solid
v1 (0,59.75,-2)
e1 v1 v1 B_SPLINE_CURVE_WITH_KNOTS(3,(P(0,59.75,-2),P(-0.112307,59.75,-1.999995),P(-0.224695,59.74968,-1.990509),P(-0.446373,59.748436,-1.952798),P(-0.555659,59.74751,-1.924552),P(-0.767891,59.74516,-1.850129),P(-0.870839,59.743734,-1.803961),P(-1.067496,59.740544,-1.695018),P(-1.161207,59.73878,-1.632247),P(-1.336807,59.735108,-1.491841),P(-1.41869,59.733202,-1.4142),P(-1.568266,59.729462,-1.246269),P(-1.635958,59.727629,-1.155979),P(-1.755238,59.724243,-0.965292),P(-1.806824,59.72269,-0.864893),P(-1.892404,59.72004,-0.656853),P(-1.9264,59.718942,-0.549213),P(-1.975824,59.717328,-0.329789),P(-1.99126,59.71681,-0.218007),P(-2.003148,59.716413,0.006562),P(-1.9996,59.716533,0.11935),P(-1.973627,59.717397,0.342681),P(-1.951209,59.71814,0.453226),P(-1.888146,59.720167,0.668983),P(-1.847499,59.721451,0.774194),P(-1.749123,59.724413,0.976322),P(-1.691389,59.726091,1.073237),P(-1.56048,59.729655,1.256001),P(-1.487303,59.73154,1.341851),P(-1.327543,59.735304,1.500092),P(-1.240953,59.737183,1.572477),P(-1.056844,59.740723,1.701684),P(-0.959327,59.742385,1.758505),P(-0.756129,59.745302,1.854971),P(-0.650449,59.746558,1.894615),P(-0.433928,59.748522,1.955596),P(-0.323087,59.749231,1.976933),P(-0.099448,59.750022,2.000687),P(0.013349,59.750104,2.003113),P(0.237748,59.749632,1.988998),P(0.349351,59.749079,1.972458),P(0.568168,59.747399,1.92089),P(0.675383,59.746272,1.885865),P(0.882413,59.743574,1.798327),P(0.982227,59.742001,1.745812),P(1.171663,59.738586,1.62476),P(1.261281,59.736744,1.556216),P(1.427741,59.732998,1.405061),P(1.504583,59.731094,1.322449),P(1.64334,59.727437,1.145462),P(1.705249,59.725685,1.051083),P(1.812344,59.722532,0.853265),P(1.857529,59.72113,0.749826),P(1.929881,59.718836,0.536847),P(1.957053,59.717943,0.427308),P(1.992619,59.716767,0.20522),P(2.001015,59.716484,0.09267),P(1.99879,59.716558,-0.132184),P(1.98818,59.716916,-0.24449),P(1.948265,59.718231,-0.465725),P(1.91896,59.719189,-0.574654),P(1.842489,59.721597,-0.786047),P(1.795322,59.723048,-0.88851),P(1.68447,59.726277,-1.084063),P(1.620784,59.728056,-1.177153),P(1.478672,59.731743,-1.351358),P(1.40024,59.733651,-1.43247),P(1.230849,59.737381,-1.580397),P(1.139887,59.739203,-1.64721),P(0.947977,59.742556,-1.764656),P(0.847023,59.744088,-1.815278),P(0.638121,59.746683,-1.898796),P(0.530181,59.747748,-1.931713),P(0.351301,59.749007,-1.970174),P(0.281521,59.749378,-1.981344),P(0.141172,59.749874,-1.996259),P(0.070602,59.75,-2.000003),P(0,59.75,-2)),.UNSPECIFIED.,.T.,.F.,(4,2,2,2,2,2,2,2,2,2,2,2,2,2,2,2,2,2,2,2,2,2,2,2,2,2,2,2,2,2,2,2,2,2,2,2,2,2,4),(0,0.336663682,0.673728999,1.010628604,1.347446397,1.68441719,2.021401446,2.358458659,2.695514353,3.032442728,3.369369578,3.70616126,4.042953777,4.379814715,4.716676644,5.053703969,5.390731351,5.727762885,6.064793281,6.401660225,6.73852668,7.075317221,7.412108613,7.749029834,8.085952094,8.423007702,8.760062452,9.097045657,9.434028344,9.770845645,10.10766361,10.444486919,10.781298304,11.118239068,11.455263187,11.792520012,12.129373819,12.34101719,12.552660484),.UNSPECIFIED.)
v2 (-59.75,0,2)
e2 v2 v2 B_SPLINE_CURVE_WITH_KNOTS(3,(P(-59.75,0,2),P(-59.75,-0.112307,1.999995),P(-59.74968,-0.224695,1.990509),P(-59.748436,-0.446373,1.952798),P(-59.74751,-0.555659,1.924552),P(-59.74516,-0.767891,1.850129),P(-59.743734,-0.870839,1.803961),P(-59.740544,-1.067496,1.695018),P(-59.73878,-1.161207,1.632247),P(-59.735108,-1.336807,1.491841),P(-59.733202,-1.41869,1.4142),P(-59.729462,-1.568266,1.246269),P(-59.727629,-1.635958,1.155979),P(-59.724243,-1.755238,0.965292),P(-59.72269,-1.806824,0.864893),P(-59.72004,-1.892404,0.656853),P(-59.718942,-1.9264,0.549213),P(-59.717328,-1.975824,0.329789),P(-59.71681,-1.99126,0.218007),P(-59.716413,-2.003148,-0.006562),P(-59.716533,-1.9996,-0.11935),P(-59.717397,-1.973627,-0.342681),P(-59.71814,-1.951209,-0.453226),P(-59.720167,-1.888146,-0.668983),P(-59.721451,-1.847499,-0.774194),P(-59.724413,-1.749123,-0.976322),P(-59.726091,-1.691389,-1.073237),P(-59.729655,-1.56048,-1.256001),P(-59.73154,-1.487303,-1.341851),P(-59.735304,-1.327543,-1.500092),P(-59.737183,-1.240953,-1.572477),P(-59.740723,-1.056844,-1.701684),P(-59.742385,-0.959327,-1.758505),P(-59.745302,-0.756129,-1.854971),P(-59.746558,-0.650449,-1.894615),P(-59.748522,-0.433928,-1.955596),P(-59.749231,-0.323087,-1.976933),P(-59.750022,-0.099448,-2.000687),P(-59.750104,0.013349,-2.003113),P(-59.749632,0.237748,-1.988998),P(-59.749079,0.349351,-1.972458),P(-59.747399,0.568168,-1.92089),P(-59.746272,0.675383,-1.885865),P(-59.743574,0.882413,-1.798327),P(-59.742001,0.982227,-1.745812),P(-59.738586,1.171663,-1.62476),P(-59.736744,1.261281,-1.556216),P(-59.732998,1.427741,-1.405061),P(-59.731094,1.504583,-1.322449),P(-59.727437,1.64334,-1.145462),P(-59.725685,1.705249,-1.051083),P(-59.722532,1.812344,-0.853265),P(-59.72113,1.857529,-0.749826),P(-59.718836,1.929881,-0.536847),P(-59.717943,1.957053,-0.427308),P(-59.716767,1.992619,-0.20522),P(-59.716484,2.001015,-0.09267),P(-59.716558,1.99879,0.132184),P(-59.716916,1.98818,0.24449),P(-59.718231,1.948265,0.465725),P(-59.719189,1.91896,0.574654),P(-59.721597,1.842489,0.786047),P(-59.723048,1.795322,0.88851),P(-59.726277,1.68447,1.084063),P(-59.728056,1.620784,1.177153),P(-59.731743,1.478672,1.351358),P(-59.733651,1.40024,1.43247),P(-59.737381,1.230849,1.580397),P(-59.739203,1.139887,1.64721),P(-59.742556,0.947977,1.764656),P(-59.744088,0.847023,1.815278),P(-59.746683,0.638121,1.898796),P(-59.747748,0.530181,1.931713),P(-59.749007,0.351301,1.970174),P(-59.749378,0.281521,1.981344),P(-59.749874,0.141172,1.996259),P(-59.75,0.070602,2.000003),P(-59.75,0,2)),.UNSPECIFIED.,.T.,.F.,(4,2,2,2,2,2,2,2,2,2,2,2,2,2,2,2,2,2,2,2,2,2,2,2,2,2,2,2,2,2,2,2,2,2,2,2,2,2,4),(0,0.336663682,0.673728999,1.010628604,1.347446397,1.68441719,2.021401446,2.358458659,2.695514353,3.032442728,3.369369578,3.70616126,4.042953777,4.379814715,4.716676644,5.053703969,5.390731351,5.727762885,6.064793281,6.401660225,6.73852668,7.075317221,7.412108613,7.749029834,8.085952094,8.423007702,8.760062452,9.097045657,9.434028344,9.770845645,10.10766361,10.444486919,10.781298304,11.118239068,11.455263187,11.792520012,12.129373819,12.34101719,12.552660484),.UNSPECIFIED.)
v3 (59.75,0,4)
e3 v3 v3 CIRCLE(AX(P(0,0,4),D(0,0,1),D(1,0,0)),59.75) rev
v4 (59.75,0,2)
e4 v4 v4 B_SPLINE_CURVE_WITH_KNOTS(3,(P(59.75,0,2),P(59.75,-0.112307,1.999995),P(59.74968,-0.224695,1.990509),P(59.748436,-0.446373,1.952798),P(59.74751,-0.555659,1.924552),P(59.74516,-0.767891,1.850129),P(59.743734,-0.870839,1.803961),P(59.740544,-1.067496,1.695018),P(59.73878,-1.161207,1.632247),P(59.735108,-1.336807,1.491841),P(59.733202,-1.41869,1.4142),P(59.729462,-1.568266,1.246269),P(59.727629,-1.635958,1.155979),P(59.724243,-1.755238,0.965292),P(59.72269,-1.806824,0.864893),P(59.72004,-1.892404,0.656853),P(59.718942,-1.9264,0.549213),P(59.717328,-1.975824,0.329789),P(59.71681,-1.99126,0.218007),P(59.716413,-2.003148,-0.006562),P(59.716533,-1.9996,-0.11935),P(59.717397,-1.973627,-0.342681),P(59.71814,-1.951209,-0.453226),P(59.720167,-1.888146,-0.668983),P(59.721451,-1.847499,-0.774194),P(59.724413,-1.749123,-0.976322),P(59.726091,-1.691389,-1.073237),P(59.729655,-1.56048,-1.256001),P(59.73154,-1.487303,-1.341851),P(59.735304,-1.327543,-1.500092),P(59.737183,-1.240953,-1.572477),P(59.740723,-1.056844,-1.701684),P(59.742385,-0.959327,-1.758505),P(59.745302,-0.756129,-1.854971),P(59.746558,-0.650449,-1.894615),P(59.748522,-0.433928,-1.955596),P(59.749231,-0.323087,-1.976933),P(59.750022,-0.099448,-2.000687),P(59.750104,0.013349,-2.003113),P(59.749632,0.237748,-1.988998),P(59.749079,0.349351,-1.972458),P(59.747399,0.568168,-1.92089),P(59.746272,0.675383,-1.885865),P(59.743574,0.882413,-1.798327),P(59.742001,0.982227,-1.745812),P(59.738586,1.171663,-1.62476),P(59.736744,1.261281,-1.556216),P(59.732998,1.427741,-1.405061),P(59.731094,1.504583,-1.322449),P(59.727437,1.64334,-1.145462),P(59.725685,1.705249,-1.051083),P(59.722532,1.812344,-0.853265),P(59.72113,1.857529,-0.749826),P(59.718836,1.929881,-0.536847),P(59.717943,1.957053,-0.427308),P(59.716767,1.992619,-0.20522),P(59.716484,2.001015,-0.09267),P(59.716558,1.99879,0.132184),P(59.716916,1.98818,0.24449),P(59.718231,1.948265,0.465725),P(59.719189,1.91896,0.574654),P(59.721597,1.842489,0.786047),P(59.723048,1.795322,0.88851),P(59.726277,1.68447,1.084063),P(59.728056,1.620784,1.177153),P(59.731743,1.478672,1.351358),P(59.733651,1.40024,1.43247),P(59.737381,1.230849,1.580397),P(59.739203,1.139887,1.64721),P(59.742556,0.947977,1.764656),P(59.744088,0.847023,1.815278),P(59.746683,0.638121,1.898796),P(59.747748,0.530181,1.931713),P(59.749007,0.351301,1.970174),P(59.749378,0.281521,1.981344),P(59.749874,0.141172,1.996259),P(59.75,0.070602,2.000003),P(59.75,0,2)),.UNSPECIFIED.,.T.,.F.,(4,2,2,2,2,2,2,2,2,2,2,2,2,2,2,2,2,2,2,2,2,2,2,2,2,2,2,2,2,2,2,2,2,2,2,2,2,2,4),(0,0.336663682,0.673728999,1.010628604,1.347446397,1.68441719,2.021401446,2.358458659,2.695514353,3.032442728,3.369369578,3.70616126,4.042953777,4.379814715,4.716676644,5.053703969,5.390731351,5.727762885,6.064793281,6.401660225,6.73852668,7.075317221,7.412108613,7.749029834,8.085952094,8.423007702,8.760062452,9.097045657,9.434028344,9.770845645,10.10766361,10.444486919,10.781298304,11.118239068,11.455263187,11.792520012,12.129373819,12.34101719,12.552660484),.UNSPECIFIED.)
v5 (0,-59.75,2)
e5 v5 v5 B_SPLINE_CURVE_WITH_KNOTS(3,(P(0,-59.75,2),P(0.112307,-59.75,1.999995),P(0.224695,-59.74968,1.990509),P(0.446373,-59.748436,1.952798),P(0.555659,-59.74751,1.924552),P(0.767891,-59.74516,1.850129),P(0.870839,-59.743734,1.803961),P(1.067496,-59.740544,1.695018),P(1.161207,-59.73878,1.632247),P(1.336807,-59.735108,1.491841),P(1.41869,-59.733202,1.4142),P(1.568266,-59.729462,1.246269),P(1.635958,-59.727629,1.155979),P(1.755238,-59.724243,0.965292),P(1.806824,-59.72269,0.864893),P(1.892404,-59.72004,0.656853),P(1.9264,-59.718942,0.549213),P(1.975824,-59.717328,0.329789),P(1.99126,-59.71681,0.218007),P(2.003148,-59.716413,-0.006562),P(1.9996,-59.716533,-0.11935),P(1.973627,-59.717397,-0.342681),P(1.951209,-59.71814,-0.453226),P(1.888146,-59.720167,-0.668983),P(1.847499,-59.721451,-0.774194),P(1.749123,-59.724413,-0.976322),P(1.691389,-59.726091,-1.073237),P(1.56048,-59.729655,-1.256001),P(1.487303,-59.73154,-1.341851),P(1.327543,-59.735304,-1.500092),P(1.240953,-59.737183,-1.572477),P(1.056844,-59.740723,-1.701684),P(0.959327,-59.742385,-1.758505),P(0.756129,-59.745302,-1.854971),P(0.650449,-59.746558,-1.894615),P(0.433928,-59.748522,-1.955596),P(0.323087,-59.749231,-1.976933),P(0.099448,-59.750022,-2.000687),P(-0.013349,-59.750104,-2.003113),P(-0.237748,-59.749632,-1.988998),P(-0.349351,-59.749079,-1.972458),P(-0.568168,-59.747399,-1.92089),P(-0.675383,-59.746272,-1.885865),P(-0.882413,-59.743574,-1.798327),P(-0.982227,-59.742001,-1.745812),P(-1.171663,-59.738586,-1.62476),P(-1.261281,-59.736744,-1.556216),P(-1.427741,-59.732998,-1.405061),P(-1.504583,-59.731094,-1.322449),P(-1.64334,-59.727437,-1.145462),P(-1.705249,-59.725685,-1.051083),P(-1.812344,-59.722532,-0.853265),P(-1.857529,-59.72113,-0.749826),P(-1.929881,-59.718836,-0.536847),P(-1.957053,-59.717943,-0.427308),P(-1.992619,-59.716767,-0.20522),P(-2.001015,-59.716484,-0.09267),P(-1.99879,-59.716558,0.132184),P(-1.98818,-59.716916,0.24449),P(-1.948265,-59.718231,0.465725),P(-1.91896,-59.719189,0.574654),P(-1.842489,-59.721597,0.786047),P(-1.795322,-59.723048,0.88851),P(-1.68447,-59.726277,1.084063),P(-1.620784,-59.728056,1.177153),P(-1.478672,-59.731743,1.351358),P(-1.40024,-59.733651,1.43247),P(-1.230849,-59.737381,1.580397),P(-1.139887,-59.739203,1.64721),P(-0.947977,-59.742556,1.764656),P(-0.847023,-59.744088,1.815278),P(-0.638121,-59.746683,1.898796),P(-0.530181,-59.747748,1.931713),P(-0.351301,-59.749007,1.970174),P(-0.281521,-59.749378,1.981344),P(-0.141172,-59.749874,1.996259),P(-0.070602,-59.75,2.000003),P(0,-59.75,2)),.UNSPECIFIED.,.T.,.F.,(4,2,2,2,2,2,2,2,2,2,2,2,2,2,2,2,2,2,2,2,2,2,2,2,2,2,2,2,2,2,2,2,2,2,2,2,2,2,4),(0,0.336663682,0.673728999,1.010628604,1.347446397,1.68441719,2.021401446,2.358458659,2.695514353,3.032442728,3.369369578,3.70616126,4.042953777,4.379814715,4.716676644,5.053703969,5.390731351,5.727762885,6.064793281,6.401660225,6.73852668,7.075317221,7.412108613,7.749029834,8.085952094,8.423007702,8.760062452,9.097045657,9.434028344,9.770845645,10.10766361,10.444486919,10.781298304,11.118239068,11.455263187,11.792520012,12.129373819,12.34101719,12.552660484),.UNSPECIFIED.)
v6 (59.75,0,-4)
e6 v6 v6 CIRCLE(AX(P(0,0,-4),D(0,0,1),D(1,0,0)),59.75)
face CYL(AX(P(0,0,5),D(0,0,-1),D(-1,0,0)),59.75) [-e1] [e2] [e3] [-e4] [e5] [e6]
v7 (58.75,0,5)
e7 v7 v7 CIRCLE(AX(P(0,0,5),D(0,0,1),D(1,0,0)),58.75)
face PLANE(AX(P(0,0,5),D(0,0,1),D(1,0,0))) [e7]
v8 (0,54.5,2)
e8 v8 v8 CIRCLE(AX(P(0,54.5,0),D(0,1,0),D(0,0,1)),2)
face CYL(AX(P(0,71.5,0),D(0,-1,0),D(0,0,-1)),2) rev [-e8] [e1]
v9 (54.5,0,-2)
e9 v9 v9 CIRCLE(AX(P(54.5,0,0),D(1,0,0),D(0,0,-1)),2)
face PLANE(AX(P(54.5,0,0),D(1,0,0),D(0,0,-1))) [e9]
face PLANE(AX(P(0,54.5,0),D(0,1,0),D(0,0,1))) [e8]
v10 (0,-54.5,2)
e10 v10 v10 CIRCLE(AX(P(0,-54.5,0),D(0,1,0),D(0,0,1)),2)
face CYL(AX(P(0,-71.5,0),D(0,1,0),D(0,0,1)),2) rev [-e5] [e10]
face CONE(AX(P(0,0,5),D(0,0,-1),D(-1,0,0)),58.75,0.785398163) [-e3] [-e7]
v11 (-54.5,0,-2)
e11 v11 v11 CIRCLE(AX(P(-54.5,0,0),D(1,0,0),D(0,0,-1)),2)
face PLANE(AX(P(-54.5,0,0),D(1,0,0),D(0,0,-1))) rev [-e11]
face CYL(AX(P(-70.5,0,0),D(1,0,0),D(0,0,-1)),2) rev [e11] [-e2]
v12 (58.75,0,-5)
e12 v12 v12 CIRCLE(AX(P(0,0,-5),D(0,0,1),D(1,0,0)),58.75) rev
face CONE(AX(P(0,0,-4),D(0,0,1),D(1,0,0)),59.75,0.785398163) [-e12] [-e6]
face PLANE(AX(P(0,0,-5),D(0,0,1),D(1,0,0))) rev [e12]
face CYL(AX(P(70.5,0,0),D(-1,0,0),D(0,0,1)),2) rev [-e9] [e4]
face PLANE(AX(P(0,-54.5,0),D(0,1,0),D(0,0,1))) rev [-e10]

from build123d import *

# Parameters (mm, degrees)
SKETCH1_R           = 59.75
BOSS_EXTRUDE1_DEPTH = 5
CHAMFER1_SIZE       = 1
CUT_EXTRUDE1_START  = 54.5
SKETCH2_R           = 2
CUT_EXTRUDE1_DEPTH  = 17
CUT_EXTRUDE2_START  = -71.5
SKETCH2_2_R         = 2
CUT_EXTRUDE2_DEPTH  = 17
CUT_EXTRUDE3_START  = 54.5
SKETCH3_R           = 2
CUT_EXTRUDE3_DEPTH  = 16
CUT_EXTRUDE4_START  = -70.5
SKETCH3_2_R         = 2
CUT_EXTRUDE4_DEPTH  = 16


with BuildPart() as part:
    # Sketch1 → Boss-Extrude1 (new, symmetric)
    with BuildSketch(Plane.XY):
        Circle(SKETCH1_R)
    extrude(amount=BOSS_EXTRUDE1_DEPTH, both=True)

    # Chamfer1
    chamfer1_edges = [part.edges().sort_by_distance(p)[0] for p in [
        (-59.75, 0, -5),
        (-59.75, 0, 5),
    ]]
    chamfer(chamfer1_edges, length=CHAMFER1_SIZE)

    # Sketch2 → Cut-Extrude1 (cut)
    with BuildSketch(Plane(origin=(0, 0, 0), x_dir=(1, 0, 0), z_dir=(0, 1, 0)).offset(CUT_EXTRUDE1_START)):
        Circle(SKETCH2_R)
    extrude(amount=CUT_EXTRUDE1_DEPTH, mode=Mode.SUBTRACT)

    # Sketch2<2> → Cut-Extrude2 (cut)
    with BuildSketch(Plane(origin=(0, 0, 0), x_dir=(1, 0, 0), z_dir=(0, 1, 0)).offset(CUT_EXTRUDE2_START)):
        Circle(SKETCH2_2_R)
    extrude(amount=CUT_EXTRUDE2_DEPTH, mode=Mode.SUBTRACT)

    # Sketch3 → Cut-Extrude3 (cut)
    with BuildSketch(Plane(origin=(0, 0, 0), x_dir=(0, 0, -1), z_dir=(1, 0, 0)).offset(CUT_EXTRUDE3_START)):
        Circle(SKETCH3_R)
    extrude(amount=CUT_EXTRUDE3_DEPTH, mode=Mode.SUBTRACT)

    # Sketch3<2> → Cut-Extrude4 (cut)
    with BuildSketch(Plane(origin=(0, 0, 0), x_dir=(0, 0, -1), z_dir=(1, 0, 0)).offset(CUT_EXTRUDE4_START)):
        Circle(SKETCH3_2_R)
    extrude(amount=CUT_EXTRUDE4_DEPTH, mode=Mode.SUBTRACT)


solid = part.part
